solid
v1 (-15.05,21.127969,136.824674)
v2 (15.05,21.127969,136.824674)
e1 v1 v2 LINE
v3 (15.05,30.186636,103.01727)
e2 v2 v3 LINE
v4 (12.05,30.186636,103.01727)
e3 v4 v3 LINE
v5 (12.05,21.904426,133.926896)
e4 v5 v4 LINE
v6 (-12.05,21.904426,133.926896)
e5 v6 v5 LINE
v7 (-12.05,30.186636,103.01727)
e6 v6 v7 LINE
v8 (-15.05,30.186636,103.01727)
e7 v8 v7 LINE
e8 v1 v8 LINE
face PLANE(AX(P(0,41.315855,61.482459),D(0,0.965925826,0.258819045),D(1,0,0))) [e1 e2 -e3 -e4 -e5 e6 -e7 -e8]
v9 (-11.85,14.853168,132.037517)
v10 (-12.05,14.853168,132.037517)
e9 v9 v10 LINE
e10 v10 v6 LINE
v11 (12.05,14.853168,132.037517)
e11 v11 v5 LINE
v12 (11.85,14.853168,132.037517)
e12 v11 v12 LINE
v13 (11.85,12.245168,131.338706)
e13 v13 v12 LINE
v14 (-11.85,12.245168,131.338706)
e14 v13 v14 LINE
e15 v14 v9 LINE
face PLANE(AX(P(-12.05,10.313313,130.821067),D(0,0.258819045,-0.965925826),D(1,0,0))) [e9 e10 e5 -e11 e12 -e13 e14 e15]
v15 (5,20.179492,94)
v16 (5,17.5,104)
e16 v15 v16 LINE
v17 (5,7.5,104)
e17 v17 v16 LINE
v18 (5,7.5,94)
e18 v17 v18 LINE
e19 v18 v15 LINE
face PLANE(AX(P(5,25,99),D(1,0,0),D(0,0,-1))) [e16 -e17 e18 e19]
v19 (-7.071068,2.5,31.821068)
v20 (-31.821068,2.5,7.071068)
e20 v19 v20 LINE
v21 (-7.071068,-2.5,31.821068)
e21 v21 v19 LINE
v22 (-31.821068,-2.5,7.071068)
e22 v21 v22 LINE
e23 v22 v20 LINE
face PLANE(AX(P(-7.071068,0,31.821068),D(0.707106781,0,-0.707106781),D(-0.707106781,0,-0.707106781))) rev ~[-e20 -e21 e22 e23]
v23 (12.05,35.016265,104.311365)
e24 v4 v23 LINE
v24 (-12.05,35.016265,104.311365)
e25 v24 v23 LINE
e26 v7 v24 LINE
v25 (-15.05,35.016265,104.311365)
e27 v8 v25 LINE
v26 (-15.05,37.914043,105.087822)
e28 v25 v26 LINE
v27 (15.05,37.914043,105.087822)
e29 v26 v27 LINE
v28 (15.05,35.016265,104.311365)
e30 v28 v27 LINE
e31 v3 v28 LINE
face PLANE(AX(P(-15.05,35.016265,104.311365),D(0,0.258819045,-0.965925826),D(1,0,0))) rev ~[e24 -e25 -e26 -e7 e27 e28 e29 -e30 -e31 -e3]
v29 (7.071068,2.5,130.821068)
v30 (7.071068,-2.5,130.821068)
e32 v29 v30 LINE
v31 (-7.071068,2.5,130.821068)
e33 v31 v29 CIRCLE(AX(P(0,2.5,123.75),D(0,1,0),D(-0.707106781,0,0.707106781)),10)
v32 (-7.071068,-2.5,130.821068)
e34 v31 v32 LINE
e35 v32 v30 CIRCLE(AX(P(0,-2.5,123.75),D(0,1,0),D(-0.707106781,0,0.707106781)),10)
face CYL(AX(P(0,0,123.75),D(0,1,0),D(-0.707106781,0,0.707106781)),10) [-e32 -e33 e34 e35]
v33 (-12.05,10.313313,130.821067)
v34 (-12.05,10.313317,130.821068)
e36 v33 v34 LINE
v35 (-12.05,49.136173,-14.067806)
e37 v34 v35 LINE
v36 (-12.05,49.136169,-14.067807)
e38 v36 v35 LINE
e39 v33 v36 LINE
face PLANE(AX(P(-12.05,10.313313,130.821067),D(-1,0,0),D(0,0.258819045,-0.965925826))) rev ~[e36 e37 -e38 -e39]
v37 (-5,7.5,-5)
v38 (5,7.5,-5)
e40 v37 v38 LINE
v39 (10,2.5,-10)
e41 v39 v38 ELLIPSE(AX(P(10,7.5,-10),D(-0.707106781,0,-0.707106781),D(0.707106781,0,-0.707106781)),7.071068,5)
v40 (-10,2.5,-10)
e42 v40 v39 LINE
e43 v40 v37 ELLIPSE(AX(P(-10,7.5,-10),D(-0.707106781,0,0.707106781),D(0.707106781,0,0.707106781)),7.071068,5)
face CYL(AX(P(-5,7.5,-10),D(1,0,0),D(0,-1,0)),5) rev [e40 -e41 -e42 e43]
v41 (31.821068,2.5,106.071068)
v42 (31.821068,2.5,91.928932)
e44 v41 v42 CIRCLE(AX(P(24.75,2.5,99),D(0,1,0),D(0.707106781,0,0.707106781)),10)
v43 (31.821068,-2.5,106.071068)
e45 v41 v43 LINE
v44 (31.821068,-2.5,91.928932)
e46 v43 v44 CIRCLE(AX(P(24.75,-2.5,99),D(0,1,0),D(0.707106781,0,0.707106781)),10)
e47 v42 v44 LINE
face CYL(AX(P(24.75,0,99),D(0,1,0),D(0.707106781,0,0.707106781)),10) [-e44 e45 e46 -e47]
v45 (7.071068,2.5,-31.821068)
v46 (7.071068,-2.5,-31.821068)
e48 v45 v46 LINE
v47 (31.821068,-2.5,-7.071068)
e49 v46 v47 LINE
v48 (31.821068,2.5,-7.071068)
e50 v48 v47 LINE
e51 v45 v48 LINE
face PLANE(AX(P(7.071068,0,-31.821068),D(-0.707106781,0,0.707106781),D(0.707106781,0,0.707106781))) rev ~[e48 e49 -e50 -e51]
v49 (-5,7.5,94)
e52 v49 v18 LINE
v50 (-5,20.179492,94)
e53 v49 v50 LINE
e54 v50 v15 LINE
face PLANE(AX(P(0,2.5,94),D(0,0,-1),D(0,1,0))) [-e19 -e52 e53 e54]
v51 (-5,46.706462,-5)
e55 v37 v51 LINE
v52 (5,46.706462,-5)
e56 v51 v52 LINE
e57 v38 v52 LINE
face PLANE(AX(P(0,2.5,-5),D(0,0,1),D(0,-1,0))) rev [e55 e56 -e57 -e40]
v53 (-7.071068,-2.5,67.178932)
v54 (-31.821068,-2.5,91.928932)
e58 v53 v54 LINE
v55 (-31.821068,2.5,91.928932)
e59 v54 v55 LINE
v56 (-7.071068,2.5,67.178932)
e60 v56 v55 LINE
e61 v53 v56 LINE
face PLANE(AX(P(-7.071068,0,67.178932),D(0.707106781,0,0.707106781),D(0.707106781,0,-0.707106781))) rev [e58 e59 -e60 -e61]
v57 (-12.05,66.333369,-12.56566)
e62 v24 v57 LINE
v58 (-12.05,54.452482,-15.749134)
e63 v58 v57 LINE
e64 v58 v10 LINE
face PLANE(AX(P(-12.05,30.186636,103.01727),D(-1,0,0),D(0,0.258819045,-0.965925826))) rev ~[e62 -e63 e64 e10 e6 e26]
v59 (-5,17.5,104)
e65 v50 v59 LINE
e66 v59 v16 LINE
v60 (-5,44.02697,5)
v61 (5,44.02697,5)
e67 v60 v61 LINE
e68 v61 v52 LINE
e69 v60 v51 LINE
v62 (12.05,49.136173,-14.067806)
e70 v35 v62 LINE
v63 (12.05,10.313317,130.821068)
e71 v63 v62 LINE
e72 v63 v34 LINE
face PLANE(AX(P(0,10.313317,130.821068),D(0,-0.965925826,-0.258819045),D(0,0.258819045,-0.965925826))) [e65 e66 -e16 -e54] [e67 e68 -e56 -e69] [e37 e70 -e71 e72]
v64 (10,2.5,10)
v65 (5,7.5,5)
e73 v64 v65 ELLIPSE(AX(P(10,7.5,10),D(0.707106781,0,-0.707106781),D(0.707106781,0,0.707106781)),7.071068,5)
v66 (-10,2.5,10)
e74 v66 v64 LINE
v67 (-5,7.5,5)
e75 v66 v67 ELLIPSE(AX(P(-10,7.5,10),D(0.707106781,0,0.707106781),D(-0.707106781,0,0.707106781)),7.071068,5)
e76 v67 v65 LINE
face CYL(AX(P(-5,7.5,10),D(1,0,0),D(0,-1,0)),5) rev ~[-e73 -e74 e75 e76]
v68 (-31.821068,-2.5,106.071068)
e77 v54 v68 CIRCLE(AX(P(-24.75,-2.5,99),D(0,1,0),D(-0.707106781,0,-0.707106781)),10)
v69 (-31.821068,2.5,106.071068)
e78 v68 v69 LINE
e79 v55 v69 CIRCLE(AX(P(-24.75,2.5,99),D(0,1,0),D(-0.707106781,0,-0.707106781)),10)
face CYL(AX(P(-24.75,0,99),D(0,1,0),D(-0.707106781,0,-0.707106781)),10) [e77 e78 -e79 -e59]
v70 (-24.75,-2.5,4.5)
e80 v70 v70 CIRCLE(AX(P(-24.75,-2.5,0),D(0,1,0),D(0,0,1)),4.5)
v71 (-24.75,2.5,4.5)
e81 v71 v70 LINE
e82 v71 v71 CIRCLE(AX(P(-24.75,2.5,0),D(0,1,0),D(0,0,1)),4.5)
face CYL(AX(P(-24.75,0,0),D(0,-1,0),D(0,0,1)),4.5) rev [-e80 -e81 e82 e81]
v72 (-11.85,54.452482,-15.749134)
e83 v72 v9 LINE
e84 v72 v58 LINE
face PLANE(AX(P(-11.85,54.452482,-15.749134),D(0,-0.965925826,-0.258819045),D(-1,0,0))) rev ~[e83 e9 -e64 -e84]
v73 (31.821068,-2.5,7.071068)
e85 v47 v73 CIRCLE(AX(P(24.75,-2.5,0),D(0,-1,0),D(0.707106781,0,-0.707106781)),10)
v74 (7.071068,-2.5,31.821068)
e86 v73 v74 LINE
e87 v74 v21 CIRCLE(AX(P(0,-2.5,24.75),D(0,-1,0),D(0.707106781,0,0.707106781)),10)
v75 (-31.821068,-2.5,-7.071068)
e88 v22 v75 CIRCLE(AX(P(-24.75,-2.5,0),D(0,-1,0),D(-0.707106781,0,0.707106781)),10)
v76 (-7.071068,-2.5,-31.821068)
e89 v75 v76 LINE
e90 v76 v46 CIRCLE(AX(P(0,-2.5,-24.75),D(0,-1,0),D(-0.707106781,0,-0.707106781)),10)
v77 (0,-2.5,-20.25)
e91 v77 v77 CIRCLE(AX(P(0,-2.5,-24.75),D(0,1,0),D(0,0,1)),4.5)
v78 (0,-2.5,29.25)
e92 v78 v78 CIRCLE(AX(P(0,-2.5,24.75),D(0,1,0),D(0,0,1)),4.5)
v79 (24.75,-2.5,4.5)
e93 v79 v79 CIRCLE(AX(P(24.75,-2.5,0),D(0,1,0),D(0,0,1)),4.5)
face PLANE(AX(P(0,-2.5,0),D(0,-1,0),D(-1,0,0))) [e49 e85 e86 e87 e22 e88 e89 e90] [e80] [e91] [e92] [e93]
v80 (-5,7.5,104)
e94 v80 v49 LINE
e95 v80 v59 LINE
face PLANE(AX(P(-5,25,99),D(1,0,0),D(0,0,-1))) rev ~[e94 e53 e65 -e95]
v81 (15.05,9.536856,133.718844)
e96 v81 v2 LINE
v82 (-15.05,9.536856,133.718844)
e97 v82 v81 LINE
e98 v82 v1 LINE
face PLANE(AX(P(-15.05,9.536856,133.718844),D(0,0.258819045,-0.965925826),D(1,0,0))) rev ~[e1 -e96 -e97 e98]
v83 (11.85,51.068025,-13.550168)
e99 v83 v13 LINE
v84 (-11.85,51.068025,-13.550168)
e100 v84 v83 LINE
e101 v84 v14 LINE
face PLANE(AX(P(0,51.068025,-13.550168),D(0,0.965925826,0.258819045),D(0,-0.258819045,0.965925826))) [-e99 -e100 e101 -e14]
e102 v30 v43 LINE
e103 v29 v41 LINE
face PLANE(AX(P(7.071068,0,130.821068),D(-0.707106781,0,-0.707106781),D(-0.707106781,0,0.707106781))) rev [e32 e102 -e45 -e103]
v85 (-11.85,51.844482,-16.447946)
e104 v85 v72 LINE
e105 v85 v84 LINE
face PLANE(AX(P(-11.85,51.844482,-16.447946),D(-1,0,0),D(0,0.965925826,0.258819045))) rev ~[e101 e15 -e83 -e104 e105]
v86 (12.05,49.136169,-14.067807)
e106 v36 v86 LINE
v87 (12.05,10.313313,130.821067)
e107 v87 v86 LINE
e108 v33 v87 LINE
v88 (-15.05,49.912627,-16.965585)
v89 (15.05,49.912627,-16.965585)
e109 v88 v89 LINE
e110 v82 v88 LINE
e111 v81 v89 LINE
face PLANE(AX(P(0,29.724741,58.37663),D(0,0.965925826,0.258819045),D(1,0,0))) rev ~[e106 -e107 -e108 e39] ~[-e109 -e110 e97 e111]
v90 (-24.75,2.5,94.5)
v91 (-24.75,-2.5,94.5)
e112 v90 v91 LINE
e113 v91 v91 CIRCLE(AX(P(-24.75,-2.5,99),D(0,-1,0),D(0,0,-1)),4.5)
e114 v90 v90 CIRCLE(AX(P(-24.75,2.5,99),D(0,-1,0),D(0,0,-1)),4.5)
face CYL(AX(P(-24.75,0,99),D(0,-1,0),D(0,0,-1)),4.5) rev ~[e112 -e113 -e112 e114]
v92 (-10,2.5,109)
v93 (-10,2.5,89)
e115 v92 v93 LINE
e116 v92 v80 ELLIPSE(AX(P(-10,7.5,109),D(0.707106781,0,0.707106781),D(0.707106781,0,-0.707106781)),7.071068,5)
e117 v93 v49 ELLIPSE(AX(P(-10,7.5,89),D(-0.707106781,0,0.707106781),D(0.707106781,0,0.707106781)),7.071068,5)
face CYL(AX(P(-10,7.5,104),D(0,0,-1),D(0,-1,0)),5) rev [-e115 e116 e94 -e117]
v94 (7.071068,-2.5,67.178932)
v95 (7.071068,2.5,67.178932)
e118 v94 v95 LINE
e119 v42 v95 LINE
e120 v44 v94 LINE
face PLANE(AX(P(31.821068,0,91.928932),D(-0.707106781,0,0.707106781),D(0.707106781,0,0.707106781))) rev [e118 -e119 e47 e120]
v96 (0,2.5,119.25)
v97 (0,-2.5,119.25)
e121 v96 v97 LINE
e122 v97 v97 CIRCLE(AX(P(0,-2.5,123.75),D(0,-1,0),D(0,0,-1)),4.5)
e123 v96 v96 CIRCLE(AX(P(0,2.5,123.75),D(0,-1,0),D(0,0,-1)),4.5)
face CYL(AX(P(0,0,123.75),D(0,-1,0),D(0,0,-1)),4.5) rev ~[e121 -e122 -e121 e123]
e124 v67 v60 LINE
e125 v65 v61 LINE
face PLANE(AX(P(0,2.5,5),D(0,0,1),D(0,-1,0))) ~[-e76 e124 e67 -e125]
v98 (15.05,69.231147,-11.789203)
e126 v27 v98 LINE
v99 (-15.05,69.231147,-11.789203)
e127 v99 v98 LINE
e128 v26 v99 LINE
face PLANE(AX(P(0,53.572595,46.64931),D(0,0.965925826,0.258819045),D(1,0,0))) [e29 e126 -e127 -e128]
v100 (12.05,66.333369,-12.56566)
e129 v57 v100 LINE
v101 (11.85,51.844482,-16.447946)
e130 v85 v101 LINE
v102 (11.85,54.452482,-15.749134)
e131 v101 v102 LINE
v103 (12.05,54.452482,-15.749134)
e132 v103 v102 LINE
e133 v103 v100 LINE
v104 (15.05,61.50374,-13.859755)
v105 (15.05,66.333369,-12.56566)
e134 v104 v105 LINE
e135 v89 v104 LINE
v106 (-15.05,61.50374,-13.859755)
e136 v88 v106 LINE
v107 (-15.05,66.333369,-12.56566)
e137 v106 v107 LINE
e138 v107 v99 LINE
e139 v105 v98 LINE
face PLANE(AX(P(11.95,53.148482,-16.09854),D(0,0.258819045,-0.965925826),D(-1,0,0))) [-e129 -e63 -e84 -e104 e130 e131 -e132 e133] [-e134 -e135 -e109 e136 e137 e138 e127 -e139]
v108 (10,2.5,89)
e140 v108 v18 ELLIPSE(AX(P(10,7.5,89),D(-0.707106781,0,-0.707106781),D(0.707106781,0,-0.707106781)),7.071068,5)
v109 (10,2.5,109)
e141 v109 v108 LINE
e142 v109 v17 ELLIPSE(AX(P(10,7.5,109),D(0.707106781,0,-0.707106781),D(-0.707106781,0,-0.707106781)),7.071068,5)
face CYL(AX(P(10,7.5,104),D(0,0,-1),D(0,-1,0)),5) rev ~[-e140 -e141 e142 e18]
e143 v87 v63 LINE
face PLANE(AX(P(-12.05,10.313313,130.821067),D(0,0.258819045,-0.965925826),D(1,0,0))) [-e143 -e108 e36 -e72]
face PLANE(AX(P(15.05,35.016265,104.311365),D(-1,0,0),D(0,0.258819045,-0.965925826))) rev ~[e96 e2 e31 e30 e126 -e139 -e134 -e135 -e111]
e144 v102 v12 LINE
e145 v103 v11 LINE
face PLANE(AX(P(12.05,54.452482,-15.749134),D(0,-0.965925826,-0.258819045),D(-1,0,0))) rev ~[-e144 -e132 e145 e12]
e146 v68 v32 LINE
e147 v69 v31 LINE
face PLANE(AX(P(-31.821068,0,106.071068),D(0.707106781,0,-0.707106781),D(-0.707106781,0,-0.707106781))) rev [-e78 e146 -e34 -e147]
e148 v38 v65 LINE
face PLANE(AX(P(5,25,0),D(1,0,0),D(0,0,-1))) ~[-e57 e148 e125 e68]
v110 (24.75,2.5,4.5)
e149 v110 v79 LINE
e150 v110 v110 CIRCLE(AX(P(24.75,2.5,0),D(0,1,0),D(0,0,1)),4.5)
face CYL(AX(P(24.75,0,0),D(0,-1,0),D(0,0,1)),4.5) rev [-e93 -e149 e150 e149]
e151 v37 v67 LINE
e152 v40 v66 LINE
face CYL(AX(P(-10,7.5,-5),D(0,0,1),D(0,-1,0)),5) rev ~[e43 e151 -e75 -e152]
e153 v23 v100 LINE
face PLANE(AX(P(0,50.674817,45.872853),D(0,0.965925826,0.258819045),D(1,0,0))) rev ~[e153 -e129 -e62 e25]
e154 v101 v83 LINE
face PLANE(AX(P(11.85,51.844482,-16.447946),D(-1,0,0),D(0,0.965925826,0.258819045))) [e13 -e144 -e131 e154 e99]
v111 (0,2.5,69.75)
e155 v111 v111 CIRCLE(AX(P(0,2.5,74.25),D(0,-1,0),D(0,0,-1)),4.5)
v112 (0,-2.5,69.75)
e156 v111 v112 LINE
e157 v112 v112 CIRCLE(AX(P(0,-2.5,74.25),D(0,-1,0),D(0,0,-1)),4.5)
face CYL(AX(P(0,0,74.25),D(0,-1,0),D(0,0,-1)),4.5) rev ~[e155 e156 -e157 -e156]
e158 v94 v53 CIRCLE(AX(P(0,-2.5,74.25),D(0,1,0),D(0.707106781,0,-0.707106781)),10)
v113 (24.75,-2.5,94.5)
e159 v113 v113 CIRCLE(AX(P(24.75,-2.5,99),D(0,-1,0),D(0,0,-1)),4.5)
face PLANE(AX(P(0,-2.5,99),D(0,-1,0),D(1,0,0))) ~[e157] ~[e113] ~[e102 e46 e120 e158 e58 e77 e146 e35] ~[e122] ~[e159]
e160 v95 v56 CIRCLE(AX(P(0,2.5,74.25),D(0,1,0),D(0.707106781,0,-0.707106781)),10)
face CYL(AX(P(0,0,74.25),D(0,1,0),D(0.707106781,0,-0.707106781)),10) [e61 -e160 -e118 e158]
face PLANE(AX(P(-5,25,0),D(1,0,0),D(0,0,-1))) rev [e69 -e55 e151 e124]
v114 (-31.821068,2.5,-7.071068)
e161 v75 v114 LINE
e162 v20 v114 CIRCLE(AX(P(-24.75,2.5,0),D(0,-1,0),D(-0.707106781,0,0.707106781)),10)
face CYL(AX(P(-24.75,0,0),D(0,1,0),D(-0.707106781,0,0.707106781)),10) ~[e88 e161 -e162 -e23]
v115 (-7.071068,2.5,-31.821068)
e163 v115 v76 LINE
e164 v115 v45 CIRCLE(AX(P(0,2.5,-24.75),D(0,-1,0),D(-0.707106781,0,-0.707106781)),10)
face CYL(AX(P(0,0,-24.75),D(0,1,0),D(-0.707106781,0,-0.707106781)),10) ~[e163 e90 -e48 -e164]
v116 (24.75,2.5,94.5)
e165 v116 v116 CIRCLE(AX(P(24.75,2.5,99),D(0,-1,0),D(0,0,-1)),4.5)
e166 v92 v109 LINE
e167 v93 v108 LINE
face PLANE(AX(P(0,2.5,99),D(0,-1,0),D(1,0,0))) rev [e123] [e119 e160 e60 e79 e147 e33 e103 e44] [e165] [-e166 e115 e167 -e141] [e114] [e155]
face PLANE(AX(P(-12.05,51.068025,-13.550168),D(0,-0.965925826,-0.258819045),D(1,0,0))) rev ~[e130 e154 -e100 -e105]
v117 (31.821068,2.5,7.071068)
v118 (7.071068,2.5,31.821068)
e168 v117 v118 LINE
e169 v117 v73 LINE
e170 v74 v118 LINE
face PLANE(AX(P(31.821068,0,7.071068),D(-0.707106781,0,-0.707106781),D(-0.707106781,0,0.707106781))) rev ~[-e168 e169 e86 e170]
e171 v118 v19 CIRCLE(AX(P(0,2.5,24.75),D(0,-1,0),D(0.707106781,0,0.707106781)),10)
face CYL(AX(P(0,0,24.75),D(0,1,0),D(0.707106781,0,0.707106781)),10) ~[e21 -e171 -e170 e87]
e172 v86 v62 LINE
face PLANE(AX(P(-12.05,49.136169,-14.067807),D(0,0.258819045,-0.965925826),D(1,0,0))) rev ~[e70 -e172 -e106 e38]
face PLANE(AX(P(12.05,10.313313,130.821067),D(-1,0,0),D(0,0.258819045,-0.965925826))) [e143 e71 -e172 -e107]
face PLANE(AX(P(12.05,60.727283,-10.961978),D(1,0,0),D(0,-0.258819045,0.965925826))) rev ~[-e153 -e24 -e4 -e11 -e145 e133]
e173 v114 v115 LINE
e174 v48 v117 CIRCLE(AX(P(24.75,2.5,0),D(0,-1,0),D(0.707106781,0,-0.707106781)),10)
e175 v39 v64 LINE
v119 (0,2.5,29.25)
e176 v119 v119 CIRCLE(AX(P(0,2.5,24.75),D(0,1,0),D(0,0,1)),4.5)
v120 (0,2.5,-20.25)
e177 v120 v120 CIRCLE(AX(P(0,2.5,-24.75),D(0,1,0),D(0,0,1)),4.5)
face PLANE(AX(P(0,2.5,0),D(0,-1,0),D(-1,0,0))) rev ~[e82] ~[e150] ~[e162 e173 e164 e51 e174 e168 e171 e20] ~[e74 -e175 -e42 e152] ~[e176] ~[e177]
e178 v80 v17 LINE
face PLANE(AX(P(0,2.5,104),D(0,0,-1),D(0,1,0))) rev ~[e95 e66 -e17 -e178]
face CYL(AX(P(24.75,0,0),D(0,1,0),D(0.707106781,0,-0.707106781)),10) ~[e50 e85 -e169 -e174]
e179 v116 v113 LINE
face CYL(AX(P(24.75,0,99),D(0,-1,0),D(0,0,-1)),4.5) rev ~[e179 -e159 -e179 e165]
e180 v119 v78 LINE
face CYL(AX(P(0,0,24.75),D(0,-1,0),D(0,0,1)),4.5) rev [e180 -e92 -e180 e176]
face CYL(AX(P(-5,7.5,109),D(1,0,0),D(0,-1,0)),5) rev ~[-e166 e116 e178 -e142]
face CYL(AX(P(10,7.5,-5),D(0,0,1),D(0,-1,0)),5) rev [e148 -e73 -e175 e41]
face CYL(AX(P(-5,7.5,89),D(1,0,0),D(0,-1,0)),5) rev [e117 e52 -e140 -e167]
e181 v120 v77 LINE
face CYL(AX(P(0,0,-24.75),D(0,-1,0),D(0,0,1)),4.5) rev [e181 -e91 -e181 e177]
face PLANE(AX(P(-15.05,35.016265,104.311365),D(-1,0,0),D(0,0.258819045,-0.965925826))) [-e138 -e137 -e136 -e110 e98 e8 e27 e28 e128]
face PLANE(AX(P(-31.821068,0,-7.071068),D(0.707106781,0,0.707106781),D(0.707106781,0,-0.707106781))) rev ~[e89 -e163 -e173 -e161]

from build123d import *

# Parameters (mm, degrees)
SKETCH1_R                = 4.5
BOSS_EXTRUDE1_DEPTH      = 2.5
SKETCH2_W                = 10
SKETCH2_H                = 45
BOSS_EXTRUDE2_DEPTH      = 5
CUT_EXTRUDE1_DEPTH       = 147.126229678
CUT_EXTRUDE1_DEPTH_BACK  = 147.126229678
BOSS_EXTRUDE3_DEPTH      = 12.05
FILLET1_R                = 5
FILLET2_R                = 5
BOSS_EXTRUDE4_DEPTH      = 10
BOSS_EXTRUDE4_DEPTH_BACK = 2.000004
SKETCH6_W                = 30.1
SKETCH6_H                = 156
SKETCH6_W_2              = 24.1
SKETCH6_H_2              = 150
BOSS_EXTRUDE5_DEPTH      = 5
SKETCH8_W                = 30.1
SKETCH8_H                = 121
BOSS_EXTRUDE6_DEPTH      = 3
CUT_EXTRUDE2_REACH       = 179.268
SKETCH10_W               = 24.1
SKETCH10_H               = 15
SKETCH11_W               = 0.2
SKETCH11_H               = 2.7
BOSS_EXTRUDE7_DEPTH      = 153


with BuildPart() as part:
    # Sketch1 → Boss-Extrude1 (new, symmetric)
    with BuildSketch(Plane(origin=(0, 0, 0), x_dir=(1, 0, 0), z_dir=(0, 1, 0))):
        with BuildLine():
            Line((-31.821067812, 7.071067812), (-7.071067812, 31.821067812))
            ThreePointArc((-7.071067812, 31.821067812), (0, 34.75), (7.071067812, 31.821067812))
            Line((7.071067812, 31.821067812), (31.821067812, 7.071067812))
            ThreePointArc((31.821067812, 7.071067812), (34.75, 0), (31.821067812, -7.071067812))
            Line((31.821067812, -7.071067812), (7.071067812, -31.821067812))
            ThreePointArc((7.071067812, -31.821067812), (0, -34.75), (-7.071067812, -31.821067812))
            Line((-7.071067812, -31.821067812), (-31.821067812, -7.071067812))
            ThreePointArc((-31.821067812, -7.071067812), (-34.75, 0), (-31.821067812, 7.071067812))
        make_face()
        with Locations(Location((0, 24.75, 0), (0, 0, 270))):
            Circle(SKETCH1_R, mode=Mode.SUBTRACT)
        with Locations(Location((24.75, 0, 0), (0, 0, 270))):
            Circle(SKETCH1_R, mode=Mode.SUBTRACT)
        with Locations(Location((0, -24.75, 0), (0, 0, 270))):
            Circle(SKETCH1_R, mode=Mode.SUBTRACT)
        with Locations(Location((-24.75, 0, 0), (0, 0, 270))):
            Circle(SKETCH1_R, mode=Mode.SUBTRACT)
    extrude(amount=BOSS_EXTRUDE1_DEPTH, both=True)


with BuildPart() as body_2:
    # Mirror3: mirrored copy
    add(part.part.mirror(Plane.XY.offset(49.5)))


with BuildPart() as body_3:
    # Sketch2 → Boss-Extrude2 (new, symmetric)
    with BuildSketch(Plane(origin=(0, 0, 0), x_dir=(0, 0, -1), z_dir=(1, 0, 0))):
        with Locations((-99, 25)):
            Rectangle(SKETCH2_W, SKETCH2_H)
    extrude(amount=BOSS_EXTRUDE2_DEPTH, both=True)


with BuildPart() as body_4:
    # Mirror5: mirrored copy
    add(body_3.part.mirror(Plane.XY.offset(49.5)))


with BuildPart() as cut_extrude1_tool:
    # Sketch3 → Cut-Extrude1 (new, two sides: drawn at the far end of the back side and taken through both)
    with BuildSketch(Plane(origin=(0, 0, 0), x_dir=(0, 0, -1), z_dir=(1, 0, 0)).offset(-CUT_EXTRUDE1_DEPTH_BACK)):
        Polygon((-398.060619113, -61.293305417), (-104, 17.5), (5, 46.706461975), (299.060619113, 125.499767392), (141.474008279, 713.621005618), (-555.647229947, 526.827932809), align=None)
    extrude(amount=CUT_EXTRUDE1_DEPTH + CUT_EXTRUDE1_DEPTH_BACK)


with BuildPart() as body_3_1:
    add(body_3.part)

    # Cut-Extrude1: cut by cut_extrude1_tool
    add(cut_extrude1_tool.part, mode=Mode.SUBTRACT)


with BuildPart() as body_4_1:
    add(body_4.part)

    # Cut-Extrude1: cut by cut_extrude1_tool
    add(cut_extrude1_tool.part, mode=Mode.SUBTRACT)

    # Combine2: union part
    add(part.part)

    # Fillet2
    fillet2_edges = [body_4_1.edges().sort_by_distance(p)[0] for p in [
        (-5, 2.5, 0),
        (0, 2.5, 5),
        (0, 2.5, -5),
        (5, 2.5, 0),
    ]]
    fillet(fillet2_edges, radius=FILLET2_R)


with BuildPart() as body_5:
    # Sketch4 → Boss-Extrude3 (new, symmetric)
    with BuildSketch(Plane(origin=(0, 0, 0), x_dir=(0, 0, -1), z_dir=(1, 0, 0))):
        Polygon((-130.821067812, 10.31331654), (14.067806131, 49.136173305), (13.550168041, 51.068024958), (-131.338705902, 12.245168192), align=None)
    extrude(amount=BOSS_EXTRUDE3_DEPTH, both=True)



with BuildPart() as body_2_1:
    add(body_2.part)

    # Combine1: union body 3
    add(body_3_1.part)

    # Fillet1
    fillet1_edges = [body_2_1.edges().sort_by_distance(p)[0] for p in [
        (0, 2.5, 94),
        (5, 2.5, 99),
        (-5, 2.5, 99),
        (0, 2.5, 104),
    ]]
    fillet(fillet1_edges, radius=FILLET1_R)


with BuildPart() as body_5_1:
    add(body_5.part)

    add(body_2_1.part)  # Boss-Extrude4 merges body 2

    add(body_4_1.part)  # Boss-Extrude4 merges body 4
    # Sketch6 → Boss-Extrude4 (add, two sides: drawn at the far end of the back side and taken through both)
    with BuildSketch(Plane(origin=(0, 44.259573936, 11.859317093), x_dir=(1, 0, 0), z_dir=(0, 0.96592582628907, 0.2588190451025143)).offset(-BOSS_EXTRUDE4_DEPTH_BACK)):
        with Locations((0, -48.694165284)):
            Rectangle(SKETCH6_W, SKETCH6_H)
        with Locations((0, -48.694165284)):
            Rectangle(SKETCH6_W_2, SKETCH6_H_2, mode=Mode.SUBTRACT)
    extrude(amount=BOSS_EXTRUDE4_DEPTH + BOSS_EXTRUDE4_DEPTH_BACK)

    # Sketch7 → Boss-Extrude5 (add)
    with BuildSketch(Plane(origin=(0, 53.918832199, 14.447507544), x_dir=(1, 0, 0), z_dir=(0, 0.96592582628907, 0.25881904510251436))):
        Polygon((12.05, 26.305834716), (12.05, -91.694165284), (15.05, -91.694165284), (15.05, 29.305834716), (-15.05, 29.305834716), (-15.05, -91.694165284), (-12.05, -91.694165284), (-12.05, 26.305834716), align=None)
    extrude(amount=BOSS_EXTRUDE5_DEPTH)

    # Sketch8 → Boss-Extrude6 (add)
    with BuildSketch(Plane(origin=(0, 58.74846133, 15.74160277), x_dir=(1, 0, 0), z_dir=(0, 0.96592582628907, 0.25881904510251436))):
        with Locations((0, -31.194165284)):
            Rectangle(SKETCH8_W, SKETCH8_H)
    extrude(amount=BOSS_EXTRUDE6_DEPTH)

    # Sketch10 → Cut-Extrude2 (cut, up to next)
    with BuildSketch(Plane(origin=(0, 6.808451022, -25.409485135), x_dir=(1, 0, 0), z_dir=(0, -0.2588190451025143, 0.96592582628907)), mode=Mode.PRIVATE) as cut_extrude2_sk1:
        with Locations((0, 53.320882651)):
            Rectangle(SKETCH10_W, SKETCH10_H)
    cut_extrude2_tool1 = extrude(cut_extrude2_sk1.sketch, amount=-CUT_EXTRUDE2_REACH, mode=Mode.PRIVATE) & body_5_1.part
    add(cut_extrude2_tool1.solids().sort_by_distance((0, 58.312469, -11.609025))[0], mode=Mode.SUBTRACT)

    # Sketch11 → Boss-Extrude7 (add)
    with BuildSketch(Plane(origin=(0, 7.584908157, -28.307262614), x_dir=(-1, 0, 0), z_dir=(0, 0.2588190451025143, -0.96592582628907))):
        with Locations((-11.95, 47.170882651)):
            Rectangle(SKETCH11_W, SKETCH11_H)
        with Locations((11.95, 47.170882651)):
            Rectangle(SKETCH11_W, SKETCH11_H)
    extrude(amount=-BOSS_EXTRUDE7_DEPTH)


solid = body_5_1.part
